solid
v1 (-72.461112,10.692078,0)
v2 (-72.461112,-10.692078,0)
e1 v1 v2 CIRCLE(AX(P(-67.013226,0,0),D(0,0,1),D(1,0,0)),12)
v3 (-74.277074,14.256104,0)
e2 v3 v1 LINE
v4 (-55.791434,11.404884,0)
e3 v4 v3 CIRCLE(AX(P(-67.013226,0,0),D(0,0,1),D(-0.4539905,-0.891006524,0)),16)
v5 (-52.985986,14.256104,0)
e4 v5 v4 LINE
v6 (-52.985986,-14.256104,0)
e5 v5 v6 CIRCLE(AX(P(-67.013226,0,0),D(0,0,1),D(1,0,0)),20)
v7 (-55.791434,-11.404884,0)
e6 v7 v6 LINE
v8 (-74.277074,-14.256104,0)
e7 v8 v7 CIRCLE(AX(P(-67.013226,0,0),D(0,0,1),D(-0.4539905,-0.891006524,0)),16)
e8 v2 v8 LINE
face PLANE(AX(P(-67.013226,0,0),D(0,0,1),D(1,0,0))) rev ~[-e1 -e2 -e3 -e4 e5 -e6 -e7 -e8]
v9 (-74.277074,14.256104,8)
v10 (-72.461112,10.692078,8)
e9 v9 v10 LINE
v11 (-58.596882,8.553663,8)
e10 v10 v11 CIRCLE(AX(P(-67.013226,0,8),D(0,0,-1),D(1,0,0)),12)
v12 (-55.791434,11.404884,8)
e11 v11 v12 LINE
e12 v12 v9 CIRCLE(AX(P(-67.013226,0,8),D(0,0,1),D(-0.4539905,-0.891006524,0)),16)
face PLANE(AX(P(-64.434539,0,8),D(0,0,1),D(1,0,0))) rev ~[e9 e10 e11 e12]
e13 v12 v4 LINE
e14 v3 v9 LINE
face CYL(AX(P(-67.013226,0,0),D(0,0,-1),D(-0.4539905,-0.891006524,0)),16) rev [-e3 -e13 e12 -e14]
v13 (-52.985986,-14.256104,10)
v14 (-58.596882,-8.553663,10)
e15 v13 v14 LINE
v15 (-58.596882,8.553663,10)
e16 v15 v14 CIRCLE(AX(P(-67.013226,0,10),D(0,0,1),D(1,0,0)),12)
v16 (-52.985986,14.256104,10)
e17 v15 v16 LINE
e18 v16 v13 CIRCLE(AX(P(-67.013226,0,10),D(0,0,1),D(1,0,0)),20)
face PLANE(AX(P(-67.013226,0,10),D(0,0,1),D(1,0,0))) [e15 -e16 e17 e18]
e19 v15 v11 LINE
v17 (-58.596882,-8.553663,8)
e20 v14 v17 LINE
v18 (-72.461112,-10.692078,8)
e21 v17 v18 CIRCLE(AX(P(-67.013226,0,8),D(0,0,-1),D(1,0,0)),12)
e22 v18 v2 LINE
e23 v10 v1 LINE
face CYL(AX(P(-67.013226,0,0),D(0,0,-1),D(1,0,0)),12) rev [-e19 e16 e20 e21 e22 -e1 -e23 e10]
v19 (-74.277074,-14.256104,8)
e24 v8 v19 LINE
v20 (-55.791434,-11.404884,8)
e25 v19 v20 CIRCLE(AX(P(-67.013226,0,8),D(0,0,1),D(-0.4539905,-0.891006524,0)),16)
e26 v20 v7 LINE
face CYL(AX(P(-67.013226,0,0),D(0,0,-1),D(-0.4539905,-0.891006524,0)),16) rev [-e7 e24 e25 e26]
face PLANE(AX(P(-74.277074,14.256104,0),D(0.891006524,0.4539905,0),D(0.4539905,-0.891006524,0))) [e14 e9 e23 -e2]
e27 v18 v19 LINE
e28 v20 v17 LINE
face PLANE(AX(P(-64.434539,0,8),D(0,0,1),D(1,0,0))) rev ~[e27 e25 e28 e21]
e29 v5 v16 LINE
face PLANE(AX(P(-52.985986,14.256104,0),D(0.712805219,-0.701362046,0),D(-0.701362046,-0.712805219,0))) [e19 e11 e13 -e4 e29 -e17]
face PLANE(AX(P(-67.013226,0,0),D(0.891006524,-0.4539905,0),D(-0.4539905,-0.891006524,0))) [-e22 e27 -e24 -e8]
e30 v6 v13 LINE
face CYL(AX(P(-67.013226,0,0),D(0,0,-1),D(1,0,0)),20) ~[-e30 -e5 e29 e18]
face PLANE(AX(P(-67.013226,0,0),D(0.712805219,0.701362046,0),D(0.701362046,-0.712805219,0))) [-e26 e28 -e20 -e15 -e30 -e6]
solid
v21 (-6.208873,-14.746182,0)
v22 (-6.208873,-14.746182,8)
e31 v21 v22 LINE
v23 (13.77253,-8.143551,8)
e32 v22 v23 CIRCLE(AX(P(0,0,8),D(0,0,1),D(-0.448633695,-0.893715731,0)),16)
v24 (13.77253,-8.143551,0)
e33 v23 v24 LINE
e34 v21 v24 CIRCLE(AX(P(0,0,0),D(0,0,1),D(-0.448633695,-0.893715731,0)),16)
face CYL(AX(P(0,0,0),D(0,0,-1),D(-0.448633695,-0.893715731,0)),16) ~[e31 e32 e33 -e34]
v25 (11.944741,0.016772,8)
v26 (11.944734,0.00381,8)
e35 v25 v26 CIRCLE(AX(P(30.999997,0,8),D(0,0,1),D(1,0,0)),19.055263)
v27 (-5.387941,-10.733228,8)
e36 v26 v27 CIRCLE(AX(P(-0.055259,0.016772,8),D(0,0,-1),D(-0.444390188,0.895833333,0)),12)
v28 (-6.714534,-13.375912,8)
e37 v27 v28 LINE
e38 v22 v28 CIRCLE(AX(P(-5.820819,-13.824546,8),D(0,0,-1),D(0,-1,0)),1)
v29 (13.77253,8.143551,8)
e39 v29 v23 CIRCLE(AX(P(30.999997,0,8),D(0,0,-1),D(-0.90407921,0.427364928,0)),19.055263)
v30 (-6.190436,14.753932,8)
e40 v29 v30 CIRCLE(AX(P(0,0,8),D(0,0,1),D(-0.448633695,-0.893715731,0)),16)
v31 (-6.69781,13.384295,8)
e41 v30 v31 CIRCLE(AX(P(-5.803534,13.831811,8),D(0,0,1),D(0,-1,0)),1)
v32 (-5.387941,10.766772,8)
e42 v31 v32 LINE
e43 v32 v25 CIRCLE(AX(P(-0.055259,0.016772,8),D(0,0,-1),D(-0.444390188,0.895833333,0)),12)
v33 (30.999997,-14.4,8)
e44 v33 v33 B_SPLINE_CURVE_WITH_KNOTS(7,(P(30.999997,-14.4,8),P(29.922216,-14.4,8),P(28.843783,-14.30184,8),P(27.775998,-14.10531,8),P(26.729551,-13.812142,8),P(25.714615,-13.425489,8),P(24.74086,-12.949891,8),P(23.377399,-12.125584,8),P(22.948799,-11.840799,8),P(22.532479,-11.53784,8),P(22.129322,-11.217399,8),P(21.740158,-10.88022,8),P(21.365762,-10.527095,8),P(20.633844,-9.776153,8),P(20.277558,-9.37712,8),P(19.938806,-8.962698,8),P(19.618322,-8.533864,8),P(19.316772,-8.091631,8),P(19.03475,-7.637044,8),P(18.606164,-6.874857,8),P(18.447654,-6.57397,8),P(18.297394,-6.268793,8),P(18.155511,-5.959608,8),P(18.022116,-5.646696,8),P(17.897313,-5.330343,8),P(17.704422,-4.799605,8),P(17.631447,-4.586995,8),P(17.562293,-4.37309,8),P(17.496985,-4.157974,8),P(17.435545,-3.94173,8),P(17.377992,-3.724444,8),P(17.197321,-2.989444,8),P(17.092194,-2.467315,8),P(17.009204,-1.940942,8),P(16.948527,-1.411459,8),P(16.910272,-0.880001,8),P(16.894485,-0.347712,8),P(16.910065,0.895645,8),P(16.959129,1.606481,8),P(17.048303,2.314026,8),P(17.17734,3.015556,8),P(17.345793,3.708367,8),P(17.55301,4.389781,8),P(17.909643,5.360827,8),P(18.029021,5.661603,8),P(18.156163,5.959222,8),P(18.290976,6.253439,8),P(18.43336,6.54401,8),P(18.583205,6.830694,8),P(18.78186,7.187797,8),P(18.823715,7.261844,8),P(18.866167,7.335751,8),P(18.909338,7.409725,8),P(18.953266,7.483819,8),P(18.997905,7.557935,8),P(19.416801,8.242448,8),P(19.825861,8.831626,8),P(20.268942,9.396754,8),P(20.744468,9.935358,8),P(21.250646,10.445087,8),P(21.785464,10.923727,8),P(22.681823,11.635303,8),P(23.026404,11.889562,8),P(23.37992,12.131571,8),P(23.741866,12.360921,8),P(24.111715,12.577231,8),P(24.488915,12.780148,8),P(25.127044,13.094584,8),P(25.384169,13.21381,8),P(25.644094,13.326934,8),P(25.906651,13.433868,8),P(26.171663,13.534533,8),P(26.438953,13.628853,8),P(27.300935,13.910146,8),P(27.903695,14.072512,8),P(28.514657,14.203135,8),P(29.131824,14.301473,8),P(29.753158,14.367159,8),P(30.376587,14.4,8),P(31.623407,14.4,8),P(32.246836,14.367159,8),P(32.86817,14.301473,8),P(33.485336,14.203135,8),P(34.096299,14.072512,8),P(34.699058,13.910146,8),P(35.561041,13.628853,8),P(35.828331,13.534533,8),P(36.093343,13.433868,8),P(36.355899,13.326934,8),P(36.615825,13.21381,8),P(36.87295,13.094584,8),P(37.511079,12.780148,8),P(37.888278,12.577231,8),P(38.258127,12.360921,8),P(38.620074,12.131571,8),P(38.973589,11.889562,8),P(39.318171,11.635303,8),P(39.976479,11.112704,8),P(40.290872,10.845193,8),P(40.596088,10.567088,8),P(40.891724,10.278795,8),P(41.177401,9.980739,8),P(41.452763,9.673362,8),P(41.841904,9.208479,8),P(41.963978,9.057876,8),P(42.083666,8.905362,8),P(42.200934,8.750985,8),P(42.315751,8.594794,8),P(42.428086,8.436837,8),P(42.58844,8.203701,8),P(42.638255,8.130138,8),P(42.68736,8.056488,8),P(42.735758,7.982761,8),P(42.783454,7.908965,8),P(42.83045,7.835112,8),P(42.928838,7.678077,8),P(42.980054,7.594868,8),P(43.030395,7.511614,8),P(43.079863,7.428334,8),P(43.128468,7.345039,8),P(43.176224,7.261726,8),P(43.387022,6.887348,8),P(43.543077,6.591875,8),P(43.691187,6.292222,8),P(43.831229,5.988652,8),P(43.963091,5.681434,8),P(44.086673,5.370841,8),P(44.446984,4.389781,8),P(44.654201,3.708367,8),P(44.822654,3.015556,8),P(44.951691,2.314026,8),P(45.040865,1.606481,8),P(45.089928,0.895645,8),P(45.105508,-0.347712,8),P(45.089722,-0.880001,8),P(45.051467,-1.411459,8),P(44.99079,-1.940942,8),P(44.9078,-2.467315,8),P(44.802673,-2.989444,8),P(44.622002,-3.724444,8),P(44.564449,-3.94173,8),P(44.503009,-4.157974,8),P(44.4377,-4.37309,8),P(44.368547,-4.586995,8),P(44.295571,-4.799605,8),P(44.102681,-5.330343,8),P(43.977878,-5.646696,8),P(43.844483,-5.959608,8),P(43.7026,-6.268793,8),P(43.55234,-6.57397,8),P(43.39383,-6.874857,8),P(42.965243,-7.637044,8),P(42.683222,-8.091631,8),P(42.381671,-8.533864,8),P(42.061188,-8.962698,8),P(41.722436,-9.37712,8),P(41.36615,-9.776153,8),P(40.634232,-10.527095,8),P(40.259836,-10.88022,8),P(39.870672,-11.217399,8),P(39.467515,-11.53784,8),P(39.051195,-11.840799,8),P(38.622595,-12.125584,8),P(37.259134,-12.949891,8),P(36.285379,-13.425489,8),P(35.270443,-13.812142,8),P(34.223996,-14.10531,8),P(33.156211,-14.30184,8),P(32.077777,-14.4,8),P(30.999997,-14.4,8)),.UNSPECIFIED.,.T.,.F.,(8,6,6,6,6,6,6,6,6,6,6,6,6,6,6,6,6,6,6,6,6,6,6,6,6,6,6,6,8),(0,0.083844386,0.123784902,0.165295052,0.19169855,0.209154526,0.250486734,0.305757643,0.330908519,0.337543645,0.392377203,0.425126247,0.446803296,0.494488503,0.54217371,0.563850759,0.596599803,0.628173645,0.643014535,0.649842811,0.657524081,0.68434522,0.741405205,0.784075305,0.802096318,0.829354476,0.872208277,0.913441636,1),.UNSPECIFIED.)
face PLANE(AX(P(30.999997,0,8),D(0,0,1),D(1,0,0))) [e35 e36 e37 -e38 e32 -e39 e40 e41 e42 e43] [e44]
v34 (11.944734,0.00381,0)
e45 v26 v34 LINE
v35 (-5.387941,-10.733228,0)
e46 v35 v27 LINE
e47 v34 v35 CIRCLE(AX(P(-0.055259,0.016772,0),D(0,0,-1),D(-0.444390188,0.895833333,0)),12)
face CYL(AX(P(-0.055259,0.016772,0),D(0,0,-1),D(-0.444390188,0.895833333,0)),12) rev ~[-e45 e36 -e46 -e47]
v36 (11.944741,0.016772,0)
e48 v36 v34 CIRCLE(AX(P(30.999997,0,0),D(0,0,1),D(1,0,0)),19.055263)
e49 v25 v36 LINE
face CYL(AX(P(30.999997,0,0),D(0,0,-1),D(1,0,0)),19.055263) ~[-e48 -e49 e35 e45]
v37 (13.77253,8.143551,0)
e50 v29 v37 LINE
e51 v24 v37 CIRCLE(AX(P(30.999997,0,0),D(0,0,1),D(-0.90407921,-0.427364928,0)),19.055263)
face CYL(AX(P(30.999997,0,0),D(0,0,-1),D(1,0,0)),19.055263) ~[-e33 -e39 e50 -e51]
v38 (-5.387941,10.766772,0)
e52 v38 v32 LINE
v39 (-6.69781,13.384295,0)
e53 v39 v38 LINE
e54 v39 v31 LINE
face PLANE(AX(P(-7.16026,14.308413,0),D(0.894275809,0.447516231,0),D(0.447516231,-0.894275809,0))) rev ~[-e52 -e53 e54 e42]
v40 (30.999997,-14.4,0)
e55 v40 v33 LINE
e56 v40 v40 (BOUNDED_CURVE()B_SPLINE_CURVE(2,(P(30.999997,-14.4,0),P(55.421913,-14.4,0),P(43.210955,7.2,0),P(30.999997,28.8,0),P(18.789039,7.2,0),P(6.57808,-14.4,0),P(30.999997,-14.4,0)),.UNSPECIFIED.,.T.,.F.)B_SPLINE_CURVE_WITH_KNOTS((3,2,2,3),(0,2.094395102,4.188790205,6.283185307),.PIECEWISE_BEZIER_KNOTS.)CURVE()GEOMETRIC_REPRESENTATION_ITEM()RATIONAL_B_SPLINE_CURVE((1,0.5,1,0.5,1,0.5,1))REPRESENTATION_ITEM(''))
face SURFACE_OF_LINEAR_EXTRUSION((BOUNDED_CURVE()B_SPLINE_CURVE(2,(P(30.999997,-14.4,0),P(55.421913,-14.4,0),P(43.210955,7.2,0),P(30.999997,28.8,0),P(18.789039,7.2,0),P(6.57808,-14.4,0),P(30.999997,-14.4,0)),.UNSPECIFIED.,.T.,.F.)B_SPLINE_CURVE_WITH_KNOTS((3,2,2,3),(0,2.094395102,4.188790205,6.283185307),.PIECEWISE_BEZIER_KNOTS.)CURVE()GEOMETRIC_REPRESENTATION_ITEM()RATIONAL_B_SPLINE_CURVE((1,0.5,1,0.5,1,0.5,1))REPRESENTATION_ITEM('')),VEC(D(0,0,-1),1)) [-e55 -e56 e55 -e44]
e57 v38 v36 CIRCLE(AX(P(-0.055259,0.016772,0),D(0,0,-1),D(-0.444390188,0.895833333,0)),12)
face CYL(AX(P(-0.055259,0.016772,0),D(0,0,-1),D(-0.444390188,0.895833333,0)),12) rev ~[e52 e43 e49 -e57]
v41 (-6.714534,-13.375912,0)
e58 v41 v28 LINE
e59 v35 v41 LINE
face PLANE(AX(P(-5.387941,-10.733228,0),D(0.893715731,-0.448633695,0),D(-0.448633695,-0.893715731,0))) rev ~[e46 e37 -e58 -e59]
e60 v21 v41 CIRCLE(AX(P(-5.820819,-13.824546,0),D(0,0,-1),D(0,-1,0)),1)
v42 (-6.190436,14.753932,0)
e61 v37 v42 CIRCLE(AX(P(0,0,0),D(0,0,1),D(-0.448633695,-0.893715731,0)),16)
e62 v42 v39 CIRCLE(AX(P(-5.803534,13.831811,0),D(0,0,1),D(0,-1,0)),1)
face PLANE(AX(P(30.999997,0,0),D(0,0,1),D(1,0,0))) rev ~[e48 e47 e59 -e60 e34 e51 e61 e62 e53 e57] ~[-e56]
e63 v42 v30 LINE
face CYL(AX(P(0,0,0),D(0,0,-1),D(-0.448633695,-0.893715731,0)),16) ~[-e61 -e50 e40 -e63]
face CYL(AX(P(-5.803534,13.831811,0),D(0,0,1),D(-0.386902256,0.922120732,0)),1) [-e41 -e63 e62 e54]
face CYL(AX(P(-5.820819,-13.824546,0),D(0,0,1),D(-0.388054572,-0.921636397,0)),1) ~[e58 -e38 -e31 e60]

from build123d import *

# Parameters (mm, degrees)
F1_DEPTH  = 8
F2_R      = 19.0552630213
F3_DEPTH  = 8
F5_DEPTH  = 8.001
F6_R      = 1
F7_R      = 20
F7_R_2    = 12
F8_DEPTH  = 10
F10_DEPTH = 8
F12_DEPTH = 10.001


with BuildPart() as f1:
    # F0 (on Top) → F1 (new body)
    with BuildSketch(Plane.XY):
        with BuildLine():
            Line((-5.3879410167, -10.7332278011), (-7.1781391155, -14.2994516971))
            ThreePointArc((-7.1781391155, -14.2994516971), (15.9999968752, -0.0099997218), (-7.160259694, 14.3084129488))
            Line((-7.160259694, 14.3084129488), (-5.3879410167, 10.7667721989))
            ThreePointArc((-5.3879410167, 10.7667721989), (11.9447412353, 0.0167721989), (-5.3879410167, -10.7332278011))
        make_face()
    extrude(amount=F1_DEPTH)

    # F2 (on Top) → F3 (join, through all)
    with BuildSketch(Plane.XY):
        with Locations((30.9999968752, 0)):
            Circle(F2_R)
    extrude(amount=F3_DEPTH)

    # F4 (on Top) → F5 (cut, through all)
    with BuildSketch(Plane.XY):
        with BuildLine():
            add(Edge.make_bspline(
                [(30.9999968752, -14.4), (55.4219132619, -14.4), (43.2109550685, 7.2), (30.9999968752, 28.8), (18.7890386818, 7.2), (6.5780804885, -14.4), (30.9999968752, -14.4)],
                knots=[0, 0, 0, 2.0943951024, 2.0943951024, 4.1887902048, 4.1887902048, 6.2831853072, 6.2831853072, 6.2831853072], degree=2, weights=[1, 0.5, 1, 0.5, 1, 0.5, 1]))
        make_face()
    extrude(amount=F5_DEPTH, mode=Mode.SUBTRACT)

    # F6
    f6_edges = [f1.edges().sort_by_distance(p)[0] for p in [
        (-7.178139, -14.299452, 4),
        (-7.16026, 14.308413, 4),
    ]]
    fillet(f6_edges, radius=F6_R)


with BuildPart() as f8:
    # F7 (on Top) → F8 (new body)
    with BuildSketch(Plane.XY):
        with Locations((-67.0132264495, 0)):
            Circle(F7_R)
        with Locations((-67.0132264495, 0)):
            Circle(F7_R_2, mode=Mode.SUBTRACT)
    extrude(amount=F8_DEPTH)

    # F9 (on Top) → F10 (cut, through all)
    with BuildSketch(Plane.XY):
        with BuildLine():
            Line((-67.0132264495, 0), (-74.2770744453, -14.256104387))
            ThreePointArc((-74.2770744453, -14.256104387), (-51.0132264495, 0), (-74.2770744453, 14.256104387))
            Line((-74.2770744453, 14.256104387), (-67.0132264495, 0))
        make_face()
    extrude(amount=F10_DEPTH, mode=Mode.SUBTRACT)

    # F11 (on Top) → F12 (cut, through all)
    with BuildSketch(Plane.XY):
        with BuildLine():
            Line((-52.9859855338, 14.256104387), (-67.0132264495, 0))
            Line((-67.0132264495, 0), (-52.9859855338, -14.256104387))
            ThreePointArc((-52.9859855338, -14.256104387), (-47.0132264495, 0), (-52.9859855338, 14.256104387))
        make_face()
    extrude(amount=F12_DEPTH, mode=Mode.SUBTRACT)


solid = Compound([f1.part, f8.part])
